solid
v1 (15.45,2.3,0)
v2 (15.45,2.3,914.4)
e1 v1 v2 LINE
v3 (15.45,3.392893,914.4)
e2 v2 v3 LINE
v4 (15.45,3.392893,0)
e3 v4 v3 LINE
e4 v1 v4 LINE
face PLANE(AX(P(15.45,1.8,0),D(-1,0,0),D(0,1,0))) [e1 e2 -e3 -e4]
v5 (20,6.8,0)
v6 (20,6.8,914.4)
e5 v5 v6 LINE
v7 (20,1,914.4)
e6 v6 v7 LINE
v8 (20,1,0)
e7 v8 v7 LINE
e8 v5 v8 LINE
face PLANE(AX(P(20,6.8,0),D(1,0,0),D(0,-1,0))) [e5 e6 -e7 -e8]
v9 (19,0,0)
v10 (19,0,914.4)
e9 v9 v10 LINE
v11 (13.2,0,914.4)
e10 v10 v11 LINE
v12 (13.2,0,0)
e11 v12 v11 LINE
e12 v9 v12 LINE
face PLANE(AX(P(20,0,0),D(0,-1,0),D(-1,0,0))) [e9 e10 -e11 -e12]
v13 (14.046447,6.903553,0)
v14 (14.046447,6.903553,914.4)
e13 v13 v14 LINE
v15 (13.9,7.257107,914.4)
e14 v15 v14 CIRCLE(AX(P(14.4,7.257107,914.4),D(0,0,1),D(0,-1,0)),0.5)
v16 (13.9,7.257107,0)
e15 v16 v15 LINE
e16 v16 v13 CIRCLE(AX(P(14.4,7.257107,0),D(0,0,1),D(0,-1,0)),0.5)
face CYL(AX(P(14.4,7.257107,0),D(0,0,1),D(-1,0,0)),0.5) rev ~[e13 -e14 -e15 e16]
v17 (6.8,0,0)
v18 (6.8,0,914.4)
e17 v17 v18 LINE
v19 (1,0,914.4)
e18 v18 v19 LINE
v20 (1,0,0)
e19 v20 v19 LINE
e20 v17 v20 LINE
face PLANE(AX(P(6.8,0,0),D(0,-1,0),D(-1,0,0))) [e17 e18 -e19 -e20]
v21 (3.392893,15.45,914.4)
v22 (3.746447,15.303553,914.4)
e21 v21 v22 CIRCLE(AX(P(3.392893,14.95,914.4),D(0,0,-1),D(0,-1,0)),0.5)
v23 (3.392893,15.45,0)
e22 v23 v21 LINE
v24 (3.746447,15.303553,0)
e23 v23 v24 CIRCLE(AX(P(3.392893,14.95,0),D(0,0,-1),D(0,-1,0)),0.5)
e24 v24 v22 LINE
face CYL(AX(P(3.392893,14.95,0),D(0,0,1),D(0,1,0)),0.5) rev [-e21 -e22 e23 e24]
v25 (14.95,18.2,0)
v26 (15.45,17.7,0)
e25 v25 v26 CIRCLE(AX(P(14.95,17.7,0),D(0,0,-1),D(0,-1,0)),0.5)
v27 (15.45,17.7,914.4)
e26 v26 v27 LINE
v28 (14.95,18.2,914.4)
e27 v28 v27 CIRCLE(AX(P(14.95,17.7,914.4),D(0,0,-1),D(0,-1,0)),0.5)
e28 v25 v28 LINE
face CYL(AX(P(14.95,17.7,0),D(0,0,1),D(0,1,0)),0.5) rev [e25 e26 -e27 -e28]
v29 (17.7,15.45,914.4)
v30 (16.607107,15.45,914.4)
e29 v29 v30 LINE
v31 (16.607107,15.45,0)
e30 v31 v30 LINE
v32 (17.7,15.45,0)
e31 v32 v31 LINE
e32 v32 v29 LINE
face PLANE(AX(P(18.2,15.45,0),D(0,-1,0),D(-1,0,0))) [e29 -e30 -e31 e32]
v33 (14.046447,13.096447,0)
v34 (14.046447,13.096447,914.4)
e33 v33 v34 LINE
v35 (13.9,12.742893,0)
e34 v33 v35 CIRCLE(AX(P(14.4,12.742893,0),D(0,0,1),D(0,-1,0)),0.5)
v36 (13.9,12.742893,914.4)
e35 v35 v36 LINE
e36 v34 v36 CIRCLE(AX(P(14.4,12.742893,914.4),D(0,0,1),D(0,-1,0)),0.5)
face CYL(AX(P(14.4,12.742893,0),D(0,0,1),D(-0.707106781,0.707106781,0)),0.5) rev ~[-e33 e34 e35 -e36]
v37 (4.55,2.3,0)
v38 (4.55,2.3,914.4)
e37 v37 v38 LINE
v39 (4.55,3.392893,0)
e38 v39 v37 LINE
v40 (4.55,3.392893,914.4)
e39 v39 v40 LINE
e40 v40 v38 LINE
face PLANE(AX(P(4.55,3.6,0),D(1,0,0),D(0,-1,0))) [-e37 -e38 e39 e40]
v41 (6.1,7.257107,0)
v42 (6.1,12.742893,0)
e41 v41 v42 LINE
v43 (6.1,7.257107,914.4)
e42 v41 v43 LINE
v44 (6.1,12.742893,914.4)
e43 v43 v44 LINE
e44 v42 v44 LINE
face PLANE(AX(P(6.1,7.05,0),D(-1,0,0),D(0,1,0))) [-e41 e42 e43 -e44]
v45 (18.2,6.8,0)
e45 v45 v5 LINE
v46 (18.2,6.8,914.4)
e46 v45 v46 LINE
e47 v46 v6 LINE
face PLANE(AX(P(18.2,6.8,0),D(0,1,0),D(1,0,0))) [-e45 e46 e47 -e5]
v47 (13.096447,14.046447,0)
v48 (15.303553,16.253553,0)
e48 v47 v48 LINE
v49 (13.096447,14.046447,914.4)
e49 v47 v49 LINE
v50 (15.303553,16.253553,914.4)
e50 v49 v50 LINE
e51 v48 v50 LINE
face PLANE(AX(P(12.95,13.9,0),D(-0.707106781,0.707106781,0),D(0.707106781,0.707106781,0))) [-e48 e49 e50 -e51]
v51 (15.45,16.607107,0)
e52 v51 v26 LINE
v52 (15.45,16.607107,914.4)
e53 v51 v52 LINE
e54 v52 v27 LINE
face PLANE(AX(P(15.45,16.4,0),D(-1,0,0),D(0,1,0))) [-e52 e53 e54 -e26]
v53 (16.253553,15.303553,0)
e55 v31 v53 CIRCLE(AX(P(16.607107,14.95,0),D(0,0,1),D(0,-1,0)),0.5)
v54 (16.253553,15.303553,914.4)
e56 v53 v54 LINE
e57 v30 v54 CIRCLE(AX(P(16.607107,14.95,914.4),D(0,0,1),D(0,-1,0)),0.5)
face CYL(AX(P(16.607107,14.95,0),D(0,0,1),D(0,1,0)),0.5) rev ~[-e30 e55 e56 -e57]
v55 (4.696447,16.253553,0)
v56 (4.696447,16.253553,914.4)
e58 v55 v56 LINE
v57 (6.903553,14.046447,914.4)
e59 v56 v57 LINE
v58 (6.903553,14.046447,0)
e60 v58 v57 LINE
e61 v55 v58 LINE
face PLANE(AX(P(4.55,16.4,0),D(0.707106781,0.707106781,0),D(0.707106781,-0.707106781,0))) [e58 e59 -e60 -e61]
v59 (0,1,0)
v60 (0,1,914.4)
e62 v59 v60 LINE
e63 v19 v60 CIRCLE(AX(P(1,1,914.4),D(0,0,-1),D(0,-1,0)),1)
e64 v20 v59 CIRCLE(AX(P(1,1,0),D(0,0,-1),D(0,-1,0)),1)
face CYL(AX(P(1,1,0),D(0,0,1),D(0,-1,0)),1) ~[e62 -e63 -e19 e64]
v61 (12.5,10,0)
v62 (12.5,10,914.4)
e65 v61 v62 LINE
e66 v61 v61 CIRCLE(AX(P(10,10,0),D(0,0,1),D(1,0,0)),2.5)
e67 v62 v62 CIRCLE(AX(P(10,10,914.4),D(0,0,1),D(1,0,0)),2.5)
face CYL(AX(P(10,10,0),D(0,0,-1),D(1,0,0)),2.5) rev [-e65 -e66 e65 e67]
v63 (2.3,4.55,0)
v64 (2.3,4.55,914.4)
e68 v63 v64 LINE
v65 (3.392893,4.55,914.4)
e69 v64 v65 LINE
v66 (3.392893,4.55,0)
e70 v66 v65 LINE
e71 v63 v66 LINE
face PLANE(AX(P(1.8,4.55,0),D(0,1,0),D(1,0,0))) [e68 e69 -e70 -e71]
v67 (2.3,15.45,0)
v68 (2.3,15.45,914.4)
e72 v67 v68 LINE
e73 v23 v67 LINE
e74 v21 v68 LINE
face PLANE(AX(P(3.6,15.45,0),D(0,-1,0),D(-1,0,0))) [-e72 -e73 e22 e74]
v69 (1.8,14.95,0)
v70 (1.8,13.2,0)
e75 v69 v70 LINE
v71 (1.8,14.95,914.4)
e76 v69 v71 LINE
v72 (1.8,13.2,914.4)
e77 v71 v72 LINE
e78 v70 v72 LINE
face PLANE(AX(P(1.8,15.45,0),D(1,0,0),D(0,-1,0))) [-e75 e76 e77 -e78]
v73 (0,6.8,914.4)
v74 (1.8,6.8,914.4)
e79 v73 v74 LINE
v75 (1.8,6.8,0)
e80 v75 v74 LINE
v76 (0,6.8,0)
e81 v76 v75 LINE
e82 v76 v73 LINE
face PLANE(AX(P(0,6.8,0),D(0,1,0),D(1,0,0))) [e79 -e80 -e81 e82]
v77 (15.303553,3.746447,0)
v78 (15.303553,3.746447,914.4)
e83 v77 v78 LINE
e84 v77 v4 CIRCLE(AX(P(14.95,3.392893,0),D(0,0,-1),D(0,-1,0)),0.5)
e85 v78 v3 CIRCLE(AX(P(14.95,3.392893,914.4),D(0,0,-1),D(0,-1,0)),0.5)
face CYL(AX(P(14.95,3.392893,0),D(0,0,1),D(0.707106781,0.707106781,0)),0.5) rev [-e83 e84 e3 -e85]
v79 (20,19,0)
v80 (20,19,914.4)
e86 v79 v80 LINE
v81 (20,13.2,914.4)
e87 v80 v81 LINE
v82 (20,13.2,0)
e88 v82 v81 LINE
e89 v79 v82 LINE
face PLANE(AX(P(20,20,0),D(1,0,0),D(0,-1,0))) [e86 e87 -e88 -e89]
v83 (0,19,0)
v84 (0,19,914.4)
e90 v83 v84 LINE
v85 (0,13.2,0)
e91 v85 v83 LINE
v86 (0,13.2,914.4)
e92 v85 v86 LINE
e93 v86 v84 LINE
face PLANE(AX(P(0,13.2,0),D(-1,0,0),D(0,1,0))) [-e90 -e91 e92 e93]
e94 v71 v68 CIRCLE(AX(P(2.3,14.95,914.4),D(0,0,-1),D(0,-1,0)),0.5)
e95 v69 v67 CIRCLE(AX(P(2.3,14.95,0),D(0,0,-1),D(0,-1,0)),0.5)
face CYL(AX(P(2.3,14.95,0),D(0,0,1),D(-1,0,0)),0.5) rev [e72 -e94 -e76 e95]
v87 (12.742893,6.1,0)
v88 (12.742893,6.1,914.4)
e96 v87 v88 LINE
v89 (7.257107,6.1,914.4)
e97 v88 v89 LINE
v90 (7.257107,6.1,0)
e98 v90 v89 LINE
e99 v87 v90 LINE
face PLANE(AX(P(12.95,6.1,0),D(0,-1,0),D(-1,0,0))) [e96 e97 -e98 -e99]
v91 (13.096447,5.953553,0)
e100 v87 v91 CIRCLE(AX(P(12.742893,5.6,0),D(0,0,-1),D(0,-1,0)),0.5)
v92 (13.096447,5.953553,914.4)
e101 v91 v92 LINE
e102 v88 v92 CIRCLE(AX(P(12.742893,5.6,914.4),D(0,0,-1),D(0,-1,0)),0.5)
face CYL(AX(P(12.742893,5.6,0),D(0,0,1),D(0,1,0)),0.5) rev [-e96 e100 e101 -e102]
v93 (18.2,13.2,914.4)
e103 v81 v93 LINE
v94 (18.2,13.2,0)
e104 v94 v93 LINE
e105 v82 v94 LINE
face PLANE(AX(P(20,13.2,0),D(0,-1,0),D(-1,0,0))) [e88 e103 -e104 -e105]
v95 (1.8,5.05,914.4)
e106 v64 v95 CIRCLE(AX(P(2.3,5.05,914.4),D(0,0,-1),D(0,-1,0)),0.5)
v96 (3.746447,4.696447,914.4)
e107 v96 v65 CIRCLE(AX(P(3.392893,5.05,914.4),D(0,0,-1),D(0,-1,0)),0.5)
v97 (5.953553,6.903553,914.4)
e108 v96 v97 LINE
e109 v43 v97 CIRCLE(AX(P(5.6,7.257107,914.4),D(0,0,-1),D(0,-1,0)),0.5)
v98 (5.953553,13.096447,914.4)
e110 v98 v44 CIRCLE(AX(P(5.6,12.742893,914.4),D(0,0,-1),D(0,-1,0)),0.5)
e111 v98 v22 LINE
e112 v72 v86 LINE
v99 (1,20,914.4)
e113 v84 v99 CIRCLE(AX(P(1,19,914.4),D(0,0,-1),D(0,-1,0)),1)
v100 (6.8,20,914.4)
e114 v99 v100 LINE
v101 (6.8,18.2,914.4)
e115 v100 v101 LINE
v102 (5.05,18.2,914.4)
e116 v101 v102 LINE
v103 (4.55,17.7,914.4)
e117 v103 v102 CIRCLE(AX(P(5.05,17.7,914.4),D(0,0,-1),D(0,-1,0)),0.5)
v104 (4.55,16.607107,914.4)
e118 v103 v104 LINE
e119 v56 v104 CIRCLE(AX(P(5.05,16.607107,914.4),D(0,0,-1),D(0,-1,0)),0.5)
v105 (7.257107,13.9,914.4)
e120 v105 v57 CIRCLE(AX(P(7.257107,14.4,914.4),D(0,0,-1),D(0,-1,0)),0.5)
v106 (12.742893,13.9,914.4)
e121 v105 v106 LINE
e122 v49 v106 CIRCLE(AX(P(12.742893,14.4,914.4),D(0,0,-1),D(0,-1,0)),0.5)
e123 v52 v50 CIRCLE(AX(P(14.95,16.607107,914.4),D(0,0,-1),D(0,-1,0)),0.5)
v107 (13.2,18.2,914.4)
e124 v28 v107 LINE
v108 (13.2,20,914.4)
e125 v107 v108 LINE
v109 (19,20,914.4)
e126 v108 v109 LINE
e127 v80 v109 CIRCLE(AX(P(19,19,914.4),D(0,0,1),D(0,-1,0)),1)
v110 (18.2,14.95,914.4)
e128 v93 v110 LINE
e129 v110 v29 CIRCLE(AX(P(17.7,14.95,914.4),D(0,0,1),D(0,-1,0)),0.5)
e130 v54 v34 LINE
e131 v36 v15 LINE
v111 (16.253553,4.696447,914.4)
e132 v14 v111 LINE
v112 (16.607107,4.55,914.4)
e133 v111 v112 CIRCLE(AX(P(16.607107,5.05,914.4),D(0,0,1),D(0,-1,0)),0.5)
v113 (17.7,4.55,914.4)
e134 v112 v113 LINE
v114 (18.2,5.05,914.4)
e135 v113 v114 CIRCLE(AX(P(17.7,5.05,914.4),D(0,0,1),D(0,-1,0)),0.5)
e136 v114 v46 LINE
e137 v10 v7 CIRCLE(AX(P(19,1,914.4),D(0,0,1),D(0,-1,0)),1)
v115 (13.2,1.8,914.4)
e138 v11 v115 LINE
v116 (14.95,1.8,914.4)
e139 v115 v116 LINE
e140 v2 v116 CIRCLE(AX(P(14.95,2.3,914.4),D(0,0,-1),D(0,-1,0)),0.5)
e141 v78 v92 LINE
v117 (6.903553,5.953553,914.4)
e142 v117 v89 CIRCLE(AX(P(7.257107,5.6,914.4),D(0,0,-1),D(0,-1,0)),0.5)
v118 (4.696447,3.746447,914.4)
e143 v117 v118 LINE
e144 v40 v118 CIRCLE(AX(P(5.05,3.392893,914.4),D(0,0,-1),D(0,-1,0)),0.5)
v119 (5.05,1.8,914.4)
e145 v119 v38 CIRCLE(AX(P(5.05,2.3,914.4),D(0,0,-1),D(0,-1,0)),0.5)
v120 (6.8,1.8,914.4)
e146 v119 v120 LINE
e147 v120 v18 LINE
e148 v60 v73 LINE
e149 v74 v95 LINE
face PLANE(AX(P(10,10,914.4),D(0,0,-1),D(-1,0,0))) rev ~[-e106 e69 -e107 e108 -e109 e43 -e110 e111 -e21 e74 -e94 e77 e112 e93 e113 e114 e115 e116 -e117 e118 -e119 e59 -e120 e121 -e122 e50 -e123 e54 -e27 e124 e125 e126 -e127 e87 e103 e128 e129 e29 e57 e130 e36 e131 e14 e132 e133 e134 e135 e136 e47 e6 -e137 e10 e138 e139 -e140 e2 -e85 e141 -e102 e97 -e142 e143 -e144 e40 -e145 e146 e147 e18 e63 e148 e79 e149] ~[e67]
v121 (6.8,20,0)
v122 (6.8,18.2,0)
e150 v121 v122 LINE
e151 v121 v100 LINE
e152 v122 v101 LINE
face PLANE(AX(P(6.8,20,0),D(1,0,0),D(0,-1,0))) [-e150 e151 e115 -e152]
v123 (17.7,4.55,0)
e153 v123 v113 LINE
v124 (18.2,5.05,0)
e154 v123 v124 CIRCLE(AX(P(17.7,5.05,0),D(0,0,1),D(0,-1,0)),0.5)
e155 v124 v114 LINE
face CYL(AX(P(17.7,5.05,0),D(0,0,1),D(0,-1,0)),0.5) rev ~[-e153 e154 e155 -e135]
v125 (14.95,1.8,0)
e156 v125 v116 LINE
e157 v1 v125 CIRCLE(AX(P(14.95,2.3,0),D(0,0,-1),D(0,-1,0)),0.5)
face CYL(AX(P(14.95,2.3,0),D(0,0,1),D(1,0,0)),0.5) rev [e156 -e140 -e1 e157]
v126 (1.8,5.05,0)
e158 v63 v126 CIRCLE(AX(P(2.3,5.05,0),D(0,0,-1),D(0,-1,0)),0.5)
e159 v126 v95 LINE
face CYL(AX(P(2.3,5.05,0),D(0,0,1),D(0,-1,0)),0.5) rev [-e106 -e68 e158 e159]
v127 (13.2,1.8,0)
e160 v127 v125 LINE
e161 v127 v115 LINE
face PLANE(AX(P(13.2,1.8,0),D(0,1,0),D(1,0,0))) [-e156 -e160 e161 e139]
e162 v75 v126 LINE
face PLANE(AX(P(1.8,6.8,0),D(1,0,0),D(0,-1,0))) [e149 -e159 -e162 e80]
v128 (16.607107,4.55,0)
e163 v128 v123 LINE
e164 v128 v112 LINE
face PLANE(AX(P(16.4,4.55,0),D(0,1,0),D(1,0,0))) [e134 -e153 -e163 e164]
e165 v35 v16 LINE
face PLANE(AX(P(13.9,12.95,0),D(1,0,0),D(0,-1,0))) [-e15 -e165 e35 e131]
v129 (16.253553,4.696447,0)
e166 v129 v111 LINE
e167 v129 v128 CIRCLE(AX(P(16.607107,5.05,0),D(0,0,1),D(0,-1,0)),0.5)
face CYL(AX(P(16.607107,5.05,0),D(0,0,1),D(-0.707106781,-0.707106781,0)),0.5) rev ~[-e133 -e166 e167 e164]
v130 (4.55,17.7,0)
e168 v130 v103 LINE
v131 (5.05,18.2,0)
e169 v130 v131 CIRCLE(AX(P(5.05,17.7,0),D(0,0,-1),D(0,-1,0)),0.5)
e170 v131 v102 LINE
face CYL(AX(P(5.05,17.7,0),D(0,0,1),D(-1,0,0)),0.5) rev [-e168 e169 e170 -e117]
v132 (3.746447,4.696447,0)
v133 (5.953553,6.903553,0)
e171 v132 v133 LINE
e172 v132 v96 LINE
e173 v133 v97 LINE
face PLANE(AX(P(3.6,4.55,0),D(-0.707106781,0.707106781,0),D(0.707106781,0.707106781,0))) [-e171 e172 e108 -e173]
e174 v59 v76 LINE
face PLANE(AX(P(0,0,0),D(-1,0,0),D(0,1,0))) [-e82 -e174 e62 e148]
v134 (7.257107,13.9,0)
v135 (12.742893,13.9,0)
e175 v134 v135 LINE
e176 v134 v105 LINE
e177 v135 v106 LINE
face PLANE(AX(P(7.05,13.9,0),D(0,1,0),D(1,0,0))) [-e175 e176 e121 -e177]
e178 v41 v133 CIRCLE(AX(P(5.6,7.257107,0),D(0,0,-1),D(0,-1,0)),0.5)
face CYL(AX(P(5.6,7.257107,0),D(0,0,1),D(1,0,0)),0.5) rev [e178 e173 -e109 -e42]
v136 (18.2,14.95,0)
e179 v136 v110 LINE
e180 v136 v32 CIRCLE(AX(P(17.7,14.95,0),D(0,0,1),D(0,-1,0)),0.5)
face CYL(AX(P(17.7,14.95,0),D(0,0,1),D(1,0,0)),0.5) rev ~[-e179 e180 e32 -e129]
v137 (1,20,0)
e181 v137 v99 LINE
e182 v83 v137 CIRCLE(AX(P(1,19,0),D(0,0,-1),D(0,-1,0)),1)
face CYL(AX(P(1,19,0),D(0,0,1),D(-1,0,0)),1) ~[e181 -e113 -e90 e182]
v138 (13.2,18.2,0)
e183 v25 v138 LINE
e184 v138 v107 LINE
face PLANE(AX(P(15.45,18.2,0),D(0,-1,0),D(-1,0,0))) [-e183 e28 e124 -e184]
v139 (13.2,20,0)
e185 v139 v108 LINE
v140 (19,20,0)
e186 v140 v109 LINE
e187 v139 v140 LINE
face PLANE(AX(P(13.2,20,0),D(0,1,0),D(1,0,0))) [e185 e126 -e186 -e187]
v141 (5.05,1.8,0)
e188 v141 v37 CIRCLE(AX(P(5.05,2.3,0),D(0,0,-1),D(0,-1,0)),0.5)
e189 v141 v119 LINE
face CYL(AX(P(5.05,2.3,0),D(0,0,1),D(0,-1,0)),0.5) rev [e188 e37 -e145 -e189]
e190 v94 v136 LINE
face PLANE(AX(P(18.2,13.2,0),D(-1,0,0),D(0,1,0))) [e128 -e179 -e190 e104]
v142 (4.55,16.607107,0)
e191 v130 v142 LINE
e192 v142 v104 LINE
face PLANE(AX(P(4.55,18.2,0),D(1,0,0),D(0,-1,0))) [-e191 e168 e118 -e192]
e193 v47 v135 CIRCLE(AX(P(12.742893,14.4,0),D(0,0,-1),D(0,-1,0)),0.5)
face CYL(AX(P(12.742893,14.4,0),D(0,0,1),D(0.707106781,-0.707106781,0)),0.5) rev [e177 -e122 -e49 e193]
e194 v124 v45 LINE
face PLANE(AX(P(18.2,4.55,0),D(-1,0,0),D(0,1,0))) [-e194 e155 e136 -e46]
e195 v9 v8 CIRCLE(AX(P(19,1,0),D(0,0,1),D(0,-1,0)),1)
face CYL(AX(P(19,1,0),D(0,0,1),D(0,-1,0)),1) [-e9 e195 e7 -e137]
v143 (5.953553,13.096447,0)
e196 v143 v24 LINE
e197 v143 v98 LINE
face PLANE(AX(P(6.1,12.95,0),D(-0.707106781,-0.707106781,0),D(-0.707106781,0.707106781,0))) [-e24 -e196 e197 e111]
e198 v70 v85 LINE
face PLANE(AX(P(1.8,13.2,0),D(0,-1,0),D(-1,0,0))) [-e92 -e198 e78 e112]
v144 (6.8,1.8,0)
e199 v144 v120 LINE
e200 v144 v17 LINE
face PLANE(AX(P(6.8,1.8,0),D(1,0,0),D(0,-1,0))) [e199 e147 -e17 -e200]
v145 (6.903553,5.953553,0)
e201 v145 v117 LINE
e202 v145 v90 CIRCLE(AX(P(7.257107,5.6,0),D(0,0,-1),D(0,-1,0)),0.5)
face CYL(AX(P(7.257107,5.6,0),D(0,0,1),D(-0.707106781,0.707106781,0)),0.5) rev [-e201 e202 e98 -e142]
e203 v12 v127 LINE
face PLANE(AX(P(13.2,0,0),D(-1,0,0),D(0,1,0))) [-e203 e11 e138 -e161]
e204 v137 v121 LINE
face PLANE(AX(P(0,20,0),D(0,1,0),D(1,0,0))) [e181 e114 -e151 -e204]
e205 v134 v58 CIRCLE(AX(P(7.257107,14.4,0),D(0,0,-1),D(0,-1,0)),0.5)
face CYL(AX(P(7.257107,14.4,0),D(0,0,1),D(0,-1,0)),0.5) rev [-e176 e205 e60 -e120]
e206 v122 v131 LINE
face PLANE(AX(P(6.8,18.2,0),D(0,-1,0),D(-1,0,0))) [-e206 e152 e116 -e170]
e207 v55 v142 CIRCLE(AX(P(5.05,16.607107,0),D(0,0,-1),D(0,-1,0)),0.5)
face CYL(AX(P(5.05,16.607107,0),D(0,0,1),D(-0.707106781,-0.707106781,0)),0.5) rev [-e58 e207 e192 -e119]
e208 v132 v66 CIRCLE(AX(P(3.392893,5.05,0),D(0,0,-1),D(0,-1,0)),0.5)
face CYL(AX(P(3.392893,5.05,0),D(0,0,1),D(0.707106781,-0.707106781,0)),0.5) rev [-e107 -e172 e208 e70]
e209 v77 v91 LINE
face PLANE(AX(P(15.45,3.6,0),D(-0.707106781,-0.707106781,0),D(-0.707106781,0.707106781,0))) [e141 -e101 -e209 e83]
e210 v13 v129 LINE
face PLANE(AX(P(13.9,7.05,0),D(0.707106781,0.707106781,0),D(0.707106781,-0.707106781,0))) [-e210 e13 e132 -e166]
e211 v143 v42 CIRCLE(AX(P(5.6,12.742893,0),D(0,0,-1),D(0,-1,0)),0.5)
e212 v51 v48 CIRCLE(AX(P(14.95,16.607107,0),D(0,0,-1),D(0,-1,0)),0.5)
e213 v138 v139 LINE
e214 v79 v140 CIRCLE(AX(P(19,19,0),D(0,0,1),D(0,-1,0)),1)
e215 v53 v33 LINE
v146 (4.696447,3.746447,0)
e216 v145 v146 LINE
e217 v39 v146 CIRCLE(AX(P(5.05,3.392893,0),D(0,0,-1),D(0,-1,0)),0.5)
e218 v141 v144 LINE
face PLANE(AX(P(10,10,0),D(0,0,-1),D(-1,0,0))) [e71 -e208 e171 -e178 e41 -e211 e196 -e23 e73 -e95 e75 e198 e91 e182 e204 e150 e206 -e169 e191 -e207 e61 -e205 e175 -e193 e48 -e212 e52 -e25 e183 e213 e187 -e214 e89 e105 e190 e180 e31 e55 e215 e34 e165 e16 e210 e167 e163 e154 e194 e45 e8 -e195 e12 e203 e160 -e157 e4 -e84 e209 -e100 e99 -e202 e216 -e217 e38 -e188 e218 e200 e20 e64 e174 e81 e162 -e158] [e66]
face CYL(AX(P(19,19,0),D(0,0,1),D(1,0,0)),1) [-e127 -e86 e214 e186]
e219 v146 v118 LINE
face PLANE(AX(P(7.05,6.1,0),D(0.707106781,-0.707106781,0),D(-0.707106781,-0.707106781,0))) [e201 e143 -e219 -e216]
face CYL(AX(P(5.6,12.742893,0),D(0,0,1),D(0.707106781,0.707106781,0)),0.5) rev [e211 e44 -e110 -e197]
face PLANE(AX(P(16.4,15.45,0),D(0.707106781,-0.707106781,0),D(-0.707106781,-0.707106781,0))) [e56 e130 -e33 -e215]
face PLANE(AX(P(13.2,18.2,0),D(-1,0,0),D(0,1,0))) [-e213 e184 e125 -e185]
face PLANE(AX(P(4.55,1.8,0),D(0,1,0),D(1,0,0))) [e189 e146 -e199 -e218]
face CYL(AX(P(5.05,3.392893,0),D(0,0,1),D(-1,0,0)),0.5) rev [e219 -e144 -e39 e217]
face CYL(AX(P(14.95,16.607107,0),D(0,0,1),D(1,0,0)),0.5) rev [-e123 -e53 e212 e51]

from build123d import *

# Parameters (mm, degrees)
SKETCH1_R           = 2.5
BOSS_EXTRUDE1_DEPTH = 914.4
FILLET1_R           = 1
FILLET2_R           = 0.5
FILLET3_R           = 0.5
FILLET4_R           = 0.5
FILLET5_R           = 0.5


with BuildPart() as part:
    # Sketch1 → Boss-Extrude1 (new body)
    with BuildSketch(Plane.XY):
        Polygon((13.2, 0), (13.2, 1.8), (15.45, 1.8), (15.45, 3.6), (12.95, 6.1), (7.05, 6.1), (4.55, 3.6), (4.55, 1.8), (6.8, 1.8), (6.8, 0), (0, 0), (0, 6.8), (1.8, 6.8), (1.8, 4.55), (3.6, 4.55), (6.1, 7.05), (6.1, 12.95), (3.6, 15.45), (1.8, 15.45), (1.8, 13.2), (0, 13.2), (0, 20), (6.8, 20), (6.8, 18.2), (4.55, 18.2), (4.55, 16.4), (7.05, 13.9), (12.95, 13.9), (15.45, 16.4), (15.45, 18.2), (13.2, 18.2), (13.2, 20), (20, 20), (20, 13.2), (18.2, 13.2), (18.2, 15.45), (16.4, 15.45), (13.9, 12.95), (13.9, 7.05), (16.4, 4.55), (18.2, 4.55), (18.2, 6.8), (20, 6.8), (20, 0), align=None)
        with Locations((10, 10)):
            Circle(SKETCH1_R, mode=Mode.SUBTRACT)
    extrude(amount=BOSS_EXTRUDE1_DEPTH)

    # Fillet1
    fillet1_edges = [part.edges().sort_by_distance(p)[0] for p in [
        (0, 0, 457.2),
        (0, 20, 457.2),
        (20, 20, 457.2),
        (20, 0, 457.2),
    ]]
    fillet(fillet1_edges, radius=FILLET1_R)

    # Fillet2
    fillet2_edges = [part.edges().sort_by_distance(p)[0] for p in [
        (4.55, 18.2, 457.2),
        (4.55, 16.4, 457.2),
        (7.05, 13.9, 457.2),
        (12.95, 13.9, 457.2),
        (15.45, 16.4, 457.2),
        (15.45, 18.2, 457.2),
    ]]
    fillet(fillet2_edges, radius=FILLET2_R)

    # Fillet3
    fillet3_edges = [part.edges().sort_by_distance(p)[0] for p in [
        (18.2, 15.45, 457.2),
        (16.4, 15.45, 457.2),
        (13.9, 12.95, 457.2),
        (13.9, 7.05, 457.2),
        (16.4, 4.55, 457.2),
        (18.2, 4.55, 457.2),
    ]]
    fillet(fillet3_edges, radius=FILLET3_R)

    # Fillet4
    fillet4_edges = [part.edges().sort_by_distance(p)[0] for p in [
        (1.8, 4.55, 457.2),
        (3.6, 4.55, 457.2),
        (6.1, 7.05, 457.2),
        (6.1, 12.95, 457.2),
        (3.6, 15.45, 457.2),
        (1.8, 15.45, 457.2),
    ]]
    fillet(fillet4_edges, radius=FILLET4_R)

    # Fillet5
    fillet5_edges = [part.edges().sort_by_distance(p)[0] for p in [
        (15.45, 1.8, 457.2),
        (15.45, 3.6, 457.2),
        (12.95, 6.1, 457.2),
        (7.05, 6.1, 457.2),
        (4.55, 3.6, 457.2),
        (4.55, 1.8, 457.2),
    ]]
    fillet(fillet5_edges, radius=FILLET5_R)


solid = part.part
